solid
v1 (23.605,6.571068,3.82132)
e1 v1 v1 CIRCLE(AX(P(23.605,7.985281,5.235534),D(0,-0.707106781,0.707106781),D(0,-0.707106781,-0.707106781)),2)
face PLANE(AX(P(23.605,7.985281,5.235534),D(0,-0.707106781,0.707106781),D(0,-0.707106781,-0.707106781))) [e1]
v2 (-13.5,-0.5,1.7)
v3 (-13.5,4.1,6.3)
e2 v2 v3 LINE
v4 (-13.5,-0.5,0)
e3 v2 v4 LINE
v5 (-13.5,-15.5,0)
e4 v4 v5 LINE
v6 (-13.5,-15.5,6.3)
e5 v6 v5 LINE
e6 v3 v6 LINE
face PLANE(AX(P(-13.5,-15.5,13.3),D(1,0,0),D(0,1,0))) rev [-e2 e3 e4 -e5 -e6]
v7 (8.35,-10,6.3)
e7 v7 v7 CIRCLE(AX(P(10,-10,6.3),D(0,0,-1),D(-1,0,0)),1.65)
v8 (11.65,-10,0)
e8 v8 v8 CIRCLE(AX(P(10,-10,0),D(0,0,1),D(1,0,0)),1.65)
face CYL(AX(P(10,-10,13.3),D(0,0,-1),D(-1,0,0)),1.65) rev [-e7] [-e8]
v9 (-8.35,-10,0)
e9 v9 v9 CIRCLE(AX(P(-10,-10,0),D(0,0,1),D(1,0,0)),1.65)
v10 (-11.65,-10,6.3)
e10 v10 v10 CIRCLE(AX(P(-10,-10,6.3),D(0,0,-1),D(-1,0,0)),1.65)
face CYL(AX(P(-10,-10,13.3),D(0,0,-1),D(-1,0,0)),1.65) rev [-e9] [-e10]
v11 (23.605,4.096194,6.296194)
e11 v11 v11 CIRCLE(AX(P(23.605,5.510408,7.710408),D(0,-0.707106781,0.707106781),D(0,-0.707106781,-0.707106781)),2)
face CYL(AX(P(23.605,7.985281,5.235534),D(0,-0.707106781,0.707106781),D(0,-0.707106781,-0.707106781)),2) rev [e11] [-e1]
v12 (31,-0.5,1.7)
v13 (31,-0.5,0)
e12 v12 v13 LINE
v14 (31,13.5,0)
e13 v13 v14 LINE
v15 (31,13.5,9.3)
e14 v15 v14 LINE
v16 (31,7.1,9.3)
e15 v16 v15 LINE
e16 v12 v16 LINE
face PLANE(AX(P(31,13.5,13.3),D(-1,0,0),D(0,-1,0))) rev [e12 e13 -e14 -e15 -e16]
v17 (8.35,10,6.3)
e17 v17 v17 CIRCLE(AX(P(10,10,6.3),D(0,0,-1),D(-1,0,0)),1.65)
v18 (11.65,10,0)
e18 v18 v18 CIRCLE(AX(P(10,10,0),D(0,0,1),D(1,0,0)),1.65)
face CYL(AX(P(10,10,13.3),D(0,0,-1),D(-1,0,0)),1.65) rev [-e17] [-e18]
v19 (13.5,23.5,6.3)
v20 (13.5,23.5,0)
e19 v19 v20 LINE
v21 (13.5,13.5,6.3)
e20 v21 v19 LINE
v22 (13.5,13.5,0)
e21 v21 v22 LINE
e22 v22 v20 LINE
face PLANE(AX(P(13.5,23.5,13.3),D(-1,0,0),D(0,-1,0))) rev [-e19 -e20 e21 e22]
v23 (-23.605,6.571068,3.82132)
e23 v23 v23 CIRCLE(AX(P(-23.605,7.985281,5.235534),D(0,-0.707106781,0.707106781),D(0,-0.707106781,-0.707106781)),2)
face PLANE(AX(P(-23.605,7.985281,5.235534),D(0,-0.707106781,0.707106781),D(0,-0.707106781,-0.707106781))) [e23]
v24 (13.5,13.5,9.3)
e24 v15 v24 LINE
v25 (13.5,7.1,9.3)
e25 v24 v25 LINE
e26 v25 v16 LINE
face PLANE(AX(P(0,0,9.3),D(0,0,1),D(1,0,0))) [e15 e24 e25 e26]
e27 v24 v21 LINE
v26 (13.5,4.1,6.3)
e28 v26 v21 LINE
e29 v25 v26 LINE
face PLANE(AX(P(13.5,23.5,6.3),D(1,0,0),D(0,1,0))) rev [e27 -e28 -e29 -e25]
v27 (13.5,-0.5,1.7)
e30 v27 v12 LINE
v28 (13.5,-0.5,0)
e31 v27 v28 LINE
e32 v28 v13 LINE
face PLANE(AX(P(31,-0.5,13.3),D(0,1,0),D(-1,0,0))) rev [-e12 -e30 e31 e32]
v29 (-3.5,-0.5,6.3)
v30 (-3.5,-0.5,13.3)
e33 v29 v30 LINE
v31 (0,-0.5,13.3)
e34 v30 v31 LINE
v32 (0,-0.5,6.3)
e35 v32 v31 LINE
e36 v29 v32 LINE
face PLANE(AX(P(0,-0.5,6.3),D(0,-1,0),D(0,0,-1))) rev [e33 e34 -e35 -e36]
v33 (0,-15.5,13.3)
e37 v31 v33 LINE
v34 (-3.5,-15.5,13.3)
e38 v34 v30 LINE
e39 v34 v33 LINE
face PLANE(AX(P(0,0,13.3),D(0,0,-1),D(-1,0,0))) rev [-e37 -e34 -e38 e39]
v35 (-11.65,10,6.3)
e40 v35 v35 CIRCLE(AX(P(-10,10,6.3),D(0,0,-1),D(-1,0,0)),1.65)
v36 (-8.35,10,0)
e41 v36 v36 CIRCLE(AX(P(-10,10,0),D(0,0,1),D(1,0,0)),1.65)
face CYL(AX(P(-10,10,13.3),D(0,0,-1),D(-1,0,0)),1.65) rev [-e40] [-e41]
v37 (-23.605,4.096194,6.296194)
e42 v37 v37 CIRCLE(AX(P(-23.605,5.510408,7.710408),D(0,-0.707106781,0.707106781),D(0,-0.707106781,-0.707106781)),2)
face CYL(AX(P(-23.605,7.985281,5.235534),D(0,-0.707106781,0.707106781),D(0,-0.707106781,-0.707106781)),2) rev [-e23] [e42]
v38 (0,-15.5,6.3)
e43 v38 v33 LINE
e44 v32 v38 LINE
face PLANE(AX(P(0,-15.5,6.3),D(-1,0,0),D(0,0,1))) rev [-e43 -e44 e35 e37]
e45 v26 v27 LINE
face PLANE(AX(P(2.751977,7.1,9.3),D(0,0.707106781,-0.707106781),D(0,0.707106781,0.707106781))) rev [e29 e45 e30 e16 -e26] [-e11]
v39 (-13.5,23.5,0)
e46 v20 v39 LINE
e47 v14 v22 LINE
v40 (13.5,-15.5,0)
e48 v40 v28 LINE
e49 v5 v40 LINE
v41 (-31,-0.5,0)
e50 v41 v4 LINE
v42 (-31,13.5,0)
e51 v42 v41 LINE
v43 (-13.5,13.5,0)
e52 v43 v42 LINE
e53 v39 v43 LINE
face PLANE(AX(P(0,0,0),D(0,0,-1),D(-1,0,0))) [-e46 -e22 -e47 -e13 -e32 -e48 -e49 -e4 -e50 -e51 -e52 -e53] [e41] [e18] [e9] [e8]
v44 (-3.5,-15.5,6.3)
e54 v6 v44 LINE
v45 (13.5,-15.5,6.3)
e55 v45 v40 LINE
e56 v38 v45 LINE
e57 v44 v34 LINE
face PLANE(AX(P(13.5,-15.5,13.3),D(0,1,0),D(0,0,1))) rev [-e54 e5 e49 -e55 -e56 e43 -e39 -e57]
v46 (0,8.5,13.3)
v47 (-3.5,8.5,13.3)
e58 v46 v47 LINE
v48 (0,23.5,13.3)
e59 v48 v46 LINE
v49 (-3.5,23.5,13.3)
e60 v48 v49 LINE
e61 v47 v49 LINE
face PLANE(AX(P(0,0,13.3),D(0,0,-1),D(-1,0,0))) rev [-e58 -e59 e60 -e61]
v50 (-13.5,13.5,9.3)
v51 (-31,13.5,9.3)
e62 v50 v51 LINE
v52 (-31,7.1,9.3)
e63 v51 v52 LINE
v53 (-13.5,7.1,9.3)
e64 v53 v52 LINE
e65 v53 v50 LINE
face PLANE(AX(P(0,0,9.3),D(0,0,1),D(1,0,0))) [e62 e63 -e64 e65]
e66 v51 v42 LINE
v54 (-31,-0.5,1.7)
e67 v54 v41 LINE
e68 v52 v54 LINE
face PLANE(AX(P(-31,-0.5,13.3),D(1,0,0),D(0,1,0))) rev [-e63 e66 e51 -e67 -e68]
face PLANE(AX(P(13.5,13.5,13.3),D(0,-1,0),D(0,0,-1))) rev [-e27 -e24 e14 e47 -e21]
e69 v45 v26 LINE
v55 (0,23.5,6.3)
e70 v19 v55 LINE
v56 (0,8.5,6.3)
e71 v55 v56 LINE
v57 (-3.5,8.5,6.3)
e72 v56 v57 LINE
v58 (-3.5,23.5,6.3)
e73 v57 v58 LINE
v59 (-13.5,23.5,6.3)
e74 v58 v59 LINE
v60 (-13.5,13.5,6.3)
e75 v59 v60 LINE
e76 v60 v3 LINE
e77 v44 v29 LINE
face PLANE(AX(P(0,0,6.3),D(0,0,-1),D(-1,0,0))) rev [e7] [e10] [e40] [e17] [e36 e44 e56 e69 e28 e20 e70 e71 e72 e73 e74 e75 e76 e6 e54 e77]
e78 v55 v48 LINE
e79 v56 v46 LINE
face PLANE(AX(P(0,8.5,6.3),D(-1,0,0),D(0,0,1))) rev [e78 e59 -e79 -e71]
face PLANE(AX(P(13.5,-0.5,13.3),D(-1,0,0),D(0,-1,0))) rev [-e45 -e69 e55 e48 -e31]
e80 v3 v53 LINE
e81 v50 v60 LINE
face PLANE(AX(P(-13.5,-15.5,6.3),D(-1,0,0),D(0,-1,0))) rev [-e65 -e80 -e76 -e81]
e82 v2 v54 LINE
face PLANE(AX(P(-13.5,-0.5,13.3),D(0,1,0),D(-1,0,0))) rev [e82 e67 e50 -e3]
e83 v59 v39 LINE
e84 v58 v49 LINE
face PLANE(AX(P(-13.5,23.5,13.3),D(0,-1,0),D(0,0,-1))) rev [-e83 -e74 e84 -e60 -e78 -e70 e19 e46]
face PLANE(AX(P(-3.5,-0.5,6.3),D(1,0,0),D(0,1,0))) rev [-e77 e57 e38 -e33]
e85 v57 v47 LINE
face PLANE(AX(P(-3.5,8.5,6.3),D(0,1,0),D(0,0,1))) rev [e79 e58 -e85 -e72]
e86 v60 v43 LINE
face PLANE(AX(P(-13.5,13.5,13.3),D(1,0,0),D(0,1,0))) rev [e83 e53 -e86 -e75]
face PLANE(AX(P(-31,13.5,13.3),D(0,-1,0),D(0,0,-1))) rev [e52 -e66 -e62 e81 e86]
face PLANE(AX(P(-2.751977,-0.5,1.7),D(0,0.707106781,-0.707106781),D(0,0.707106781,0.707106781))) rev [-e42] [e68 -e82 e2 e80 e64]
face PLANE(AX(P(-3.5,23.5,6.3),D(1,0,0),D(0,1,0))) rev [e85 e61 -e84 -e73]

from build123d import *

# Parameters (mm, degrees)
SKETCH_1_R             = 1.65
EXTRUDE_512_DEPTH      = 13.3
CUT_EXTRUDE_925_DEPTH  = 7
SKETCH_3_W             = 17.5
SKETCH_3_H             = 14
CUT_EXTRUDE_1164_DEPTH = 4
CUT_EXTRUDE_R_DEPTH    = 17.5
CUT_EXTRUDE_L_DEPTH    = 17.5
SKETCH_6_R             = 2
CUT_EXTRUDE_5_DEPTH    = 3.5


with BuildPart() as part:
    # Эскиз1 → Extrude 512 (new body)
    with BuildSketch(Plane.XY):
        Polygon((-13.5, 23.5), (13.5, 23.5), (13.5, 13.5), (31, 13.5), (31, -0.5), (13.5, -0.5), (13.5, -15.5), (-13.5, -15.5), (-13.5, -0.5), (-31, -0.5), (-31, 13.5), (-13.5, 13.5), align=None)
        with Locations((-10, 10)):
            Circle(SKETCH_1_R, mode=Mode.SUBTRACT)
        with Locations((10, 10)):
            Circle(SKETCH_1_R, mode=Mode.SUBTRACT)
        with Locations((10, -10)):
            Circle(SKETCH_1_R, mode=Mode.SUBTRACT)
        with Locations((-10, -10)):
            Circle(SKETCH_1_R, mode=Mode.SUBTRACT)
    extrude(amount=EXTRUDE_512_DEPTH)

    # Эскиз2 → Cut-Extrude 925 (cut)
    with BuildSketch(Plane.XY.offset(13.3)):
        Polygon((0, 23.5), (13.5, 23.5), (13.5, -15.5), (0, -15.5), (0, -0.5), (-3.5, -0.5), (-3.5, -15.5), (-13.5, -15.5), (-13.5, 23.5), (-3.5, 23.5), (-3.5, 8.5), (0, 8.5), align=None)
    extrude(amount=-CUT_EXTRUDE_925_DEPTH, mode=Mode.SUBTRACT)

    # Эскиз3 → Cut-Extrude 1164 (cut)
    with BuildSketch(Plane.XY.offset(13.3)):
        with Locations((-22.25, 6.5)):
            Rectangle(SKETCH_3_W, SKETCH_3_H)
        with Locations((22.25, 6.5)):
            Rectangle(SKETCH_3_W, SKETCH_3_H)
    extrude(amount=-CUT_EXTRUDE_1164_DEPTH, mode=Mode.SUBTRACT)

    # Эскиз4 → СрезТягиR (cut)
    with BuildSketch(Plane(origin=(31, 0, 0), x_dir=(0, 0, -1), z_dir=(1, 0, 0))):
        Polygon((-9.3, 7.1), (-1.7, -0.5), (-9.3, -0.5), align=None)
    extrude(amount=-CUT_EXTRUDE_R_DEPTH, mode=Mode.SUBTRACT)

    # Эскиз5 → СрезТягиL (cut)
    with BuildSketch(Plane.ZY.offset(31)):
        Polygon((9.3, 7.1), (9.3, -0.5), (1.7, -0.5), align=None)
    extrude(amount=-CUT_EXTRUDE_L_DEPTH, mode=Mode.SUBTRACT)

    # Эскиз6 → Вырез-Вытянуть5 (cut)
    with BuildSketch(Plane(origin=(0, -1.1, 1.1), x_dir=(1, 0, 0), z_dir=(0, -0.7071067811865472, 0.7071067811865478))):
        with Locations(Location((-23.605, 9.348528137, 0), (0, 0, 270))):
            Circle(SKETCH_6_R)
        with Locations(Location((23.605, 9.348528137, 0), (0, 0, 270))):
            Circle(SKETCH_6_R)
    extrude(amount=-CUT_EXTRUDE_5_DEPTH, mode=Mode.SUBTRACT)


solid = part.part
